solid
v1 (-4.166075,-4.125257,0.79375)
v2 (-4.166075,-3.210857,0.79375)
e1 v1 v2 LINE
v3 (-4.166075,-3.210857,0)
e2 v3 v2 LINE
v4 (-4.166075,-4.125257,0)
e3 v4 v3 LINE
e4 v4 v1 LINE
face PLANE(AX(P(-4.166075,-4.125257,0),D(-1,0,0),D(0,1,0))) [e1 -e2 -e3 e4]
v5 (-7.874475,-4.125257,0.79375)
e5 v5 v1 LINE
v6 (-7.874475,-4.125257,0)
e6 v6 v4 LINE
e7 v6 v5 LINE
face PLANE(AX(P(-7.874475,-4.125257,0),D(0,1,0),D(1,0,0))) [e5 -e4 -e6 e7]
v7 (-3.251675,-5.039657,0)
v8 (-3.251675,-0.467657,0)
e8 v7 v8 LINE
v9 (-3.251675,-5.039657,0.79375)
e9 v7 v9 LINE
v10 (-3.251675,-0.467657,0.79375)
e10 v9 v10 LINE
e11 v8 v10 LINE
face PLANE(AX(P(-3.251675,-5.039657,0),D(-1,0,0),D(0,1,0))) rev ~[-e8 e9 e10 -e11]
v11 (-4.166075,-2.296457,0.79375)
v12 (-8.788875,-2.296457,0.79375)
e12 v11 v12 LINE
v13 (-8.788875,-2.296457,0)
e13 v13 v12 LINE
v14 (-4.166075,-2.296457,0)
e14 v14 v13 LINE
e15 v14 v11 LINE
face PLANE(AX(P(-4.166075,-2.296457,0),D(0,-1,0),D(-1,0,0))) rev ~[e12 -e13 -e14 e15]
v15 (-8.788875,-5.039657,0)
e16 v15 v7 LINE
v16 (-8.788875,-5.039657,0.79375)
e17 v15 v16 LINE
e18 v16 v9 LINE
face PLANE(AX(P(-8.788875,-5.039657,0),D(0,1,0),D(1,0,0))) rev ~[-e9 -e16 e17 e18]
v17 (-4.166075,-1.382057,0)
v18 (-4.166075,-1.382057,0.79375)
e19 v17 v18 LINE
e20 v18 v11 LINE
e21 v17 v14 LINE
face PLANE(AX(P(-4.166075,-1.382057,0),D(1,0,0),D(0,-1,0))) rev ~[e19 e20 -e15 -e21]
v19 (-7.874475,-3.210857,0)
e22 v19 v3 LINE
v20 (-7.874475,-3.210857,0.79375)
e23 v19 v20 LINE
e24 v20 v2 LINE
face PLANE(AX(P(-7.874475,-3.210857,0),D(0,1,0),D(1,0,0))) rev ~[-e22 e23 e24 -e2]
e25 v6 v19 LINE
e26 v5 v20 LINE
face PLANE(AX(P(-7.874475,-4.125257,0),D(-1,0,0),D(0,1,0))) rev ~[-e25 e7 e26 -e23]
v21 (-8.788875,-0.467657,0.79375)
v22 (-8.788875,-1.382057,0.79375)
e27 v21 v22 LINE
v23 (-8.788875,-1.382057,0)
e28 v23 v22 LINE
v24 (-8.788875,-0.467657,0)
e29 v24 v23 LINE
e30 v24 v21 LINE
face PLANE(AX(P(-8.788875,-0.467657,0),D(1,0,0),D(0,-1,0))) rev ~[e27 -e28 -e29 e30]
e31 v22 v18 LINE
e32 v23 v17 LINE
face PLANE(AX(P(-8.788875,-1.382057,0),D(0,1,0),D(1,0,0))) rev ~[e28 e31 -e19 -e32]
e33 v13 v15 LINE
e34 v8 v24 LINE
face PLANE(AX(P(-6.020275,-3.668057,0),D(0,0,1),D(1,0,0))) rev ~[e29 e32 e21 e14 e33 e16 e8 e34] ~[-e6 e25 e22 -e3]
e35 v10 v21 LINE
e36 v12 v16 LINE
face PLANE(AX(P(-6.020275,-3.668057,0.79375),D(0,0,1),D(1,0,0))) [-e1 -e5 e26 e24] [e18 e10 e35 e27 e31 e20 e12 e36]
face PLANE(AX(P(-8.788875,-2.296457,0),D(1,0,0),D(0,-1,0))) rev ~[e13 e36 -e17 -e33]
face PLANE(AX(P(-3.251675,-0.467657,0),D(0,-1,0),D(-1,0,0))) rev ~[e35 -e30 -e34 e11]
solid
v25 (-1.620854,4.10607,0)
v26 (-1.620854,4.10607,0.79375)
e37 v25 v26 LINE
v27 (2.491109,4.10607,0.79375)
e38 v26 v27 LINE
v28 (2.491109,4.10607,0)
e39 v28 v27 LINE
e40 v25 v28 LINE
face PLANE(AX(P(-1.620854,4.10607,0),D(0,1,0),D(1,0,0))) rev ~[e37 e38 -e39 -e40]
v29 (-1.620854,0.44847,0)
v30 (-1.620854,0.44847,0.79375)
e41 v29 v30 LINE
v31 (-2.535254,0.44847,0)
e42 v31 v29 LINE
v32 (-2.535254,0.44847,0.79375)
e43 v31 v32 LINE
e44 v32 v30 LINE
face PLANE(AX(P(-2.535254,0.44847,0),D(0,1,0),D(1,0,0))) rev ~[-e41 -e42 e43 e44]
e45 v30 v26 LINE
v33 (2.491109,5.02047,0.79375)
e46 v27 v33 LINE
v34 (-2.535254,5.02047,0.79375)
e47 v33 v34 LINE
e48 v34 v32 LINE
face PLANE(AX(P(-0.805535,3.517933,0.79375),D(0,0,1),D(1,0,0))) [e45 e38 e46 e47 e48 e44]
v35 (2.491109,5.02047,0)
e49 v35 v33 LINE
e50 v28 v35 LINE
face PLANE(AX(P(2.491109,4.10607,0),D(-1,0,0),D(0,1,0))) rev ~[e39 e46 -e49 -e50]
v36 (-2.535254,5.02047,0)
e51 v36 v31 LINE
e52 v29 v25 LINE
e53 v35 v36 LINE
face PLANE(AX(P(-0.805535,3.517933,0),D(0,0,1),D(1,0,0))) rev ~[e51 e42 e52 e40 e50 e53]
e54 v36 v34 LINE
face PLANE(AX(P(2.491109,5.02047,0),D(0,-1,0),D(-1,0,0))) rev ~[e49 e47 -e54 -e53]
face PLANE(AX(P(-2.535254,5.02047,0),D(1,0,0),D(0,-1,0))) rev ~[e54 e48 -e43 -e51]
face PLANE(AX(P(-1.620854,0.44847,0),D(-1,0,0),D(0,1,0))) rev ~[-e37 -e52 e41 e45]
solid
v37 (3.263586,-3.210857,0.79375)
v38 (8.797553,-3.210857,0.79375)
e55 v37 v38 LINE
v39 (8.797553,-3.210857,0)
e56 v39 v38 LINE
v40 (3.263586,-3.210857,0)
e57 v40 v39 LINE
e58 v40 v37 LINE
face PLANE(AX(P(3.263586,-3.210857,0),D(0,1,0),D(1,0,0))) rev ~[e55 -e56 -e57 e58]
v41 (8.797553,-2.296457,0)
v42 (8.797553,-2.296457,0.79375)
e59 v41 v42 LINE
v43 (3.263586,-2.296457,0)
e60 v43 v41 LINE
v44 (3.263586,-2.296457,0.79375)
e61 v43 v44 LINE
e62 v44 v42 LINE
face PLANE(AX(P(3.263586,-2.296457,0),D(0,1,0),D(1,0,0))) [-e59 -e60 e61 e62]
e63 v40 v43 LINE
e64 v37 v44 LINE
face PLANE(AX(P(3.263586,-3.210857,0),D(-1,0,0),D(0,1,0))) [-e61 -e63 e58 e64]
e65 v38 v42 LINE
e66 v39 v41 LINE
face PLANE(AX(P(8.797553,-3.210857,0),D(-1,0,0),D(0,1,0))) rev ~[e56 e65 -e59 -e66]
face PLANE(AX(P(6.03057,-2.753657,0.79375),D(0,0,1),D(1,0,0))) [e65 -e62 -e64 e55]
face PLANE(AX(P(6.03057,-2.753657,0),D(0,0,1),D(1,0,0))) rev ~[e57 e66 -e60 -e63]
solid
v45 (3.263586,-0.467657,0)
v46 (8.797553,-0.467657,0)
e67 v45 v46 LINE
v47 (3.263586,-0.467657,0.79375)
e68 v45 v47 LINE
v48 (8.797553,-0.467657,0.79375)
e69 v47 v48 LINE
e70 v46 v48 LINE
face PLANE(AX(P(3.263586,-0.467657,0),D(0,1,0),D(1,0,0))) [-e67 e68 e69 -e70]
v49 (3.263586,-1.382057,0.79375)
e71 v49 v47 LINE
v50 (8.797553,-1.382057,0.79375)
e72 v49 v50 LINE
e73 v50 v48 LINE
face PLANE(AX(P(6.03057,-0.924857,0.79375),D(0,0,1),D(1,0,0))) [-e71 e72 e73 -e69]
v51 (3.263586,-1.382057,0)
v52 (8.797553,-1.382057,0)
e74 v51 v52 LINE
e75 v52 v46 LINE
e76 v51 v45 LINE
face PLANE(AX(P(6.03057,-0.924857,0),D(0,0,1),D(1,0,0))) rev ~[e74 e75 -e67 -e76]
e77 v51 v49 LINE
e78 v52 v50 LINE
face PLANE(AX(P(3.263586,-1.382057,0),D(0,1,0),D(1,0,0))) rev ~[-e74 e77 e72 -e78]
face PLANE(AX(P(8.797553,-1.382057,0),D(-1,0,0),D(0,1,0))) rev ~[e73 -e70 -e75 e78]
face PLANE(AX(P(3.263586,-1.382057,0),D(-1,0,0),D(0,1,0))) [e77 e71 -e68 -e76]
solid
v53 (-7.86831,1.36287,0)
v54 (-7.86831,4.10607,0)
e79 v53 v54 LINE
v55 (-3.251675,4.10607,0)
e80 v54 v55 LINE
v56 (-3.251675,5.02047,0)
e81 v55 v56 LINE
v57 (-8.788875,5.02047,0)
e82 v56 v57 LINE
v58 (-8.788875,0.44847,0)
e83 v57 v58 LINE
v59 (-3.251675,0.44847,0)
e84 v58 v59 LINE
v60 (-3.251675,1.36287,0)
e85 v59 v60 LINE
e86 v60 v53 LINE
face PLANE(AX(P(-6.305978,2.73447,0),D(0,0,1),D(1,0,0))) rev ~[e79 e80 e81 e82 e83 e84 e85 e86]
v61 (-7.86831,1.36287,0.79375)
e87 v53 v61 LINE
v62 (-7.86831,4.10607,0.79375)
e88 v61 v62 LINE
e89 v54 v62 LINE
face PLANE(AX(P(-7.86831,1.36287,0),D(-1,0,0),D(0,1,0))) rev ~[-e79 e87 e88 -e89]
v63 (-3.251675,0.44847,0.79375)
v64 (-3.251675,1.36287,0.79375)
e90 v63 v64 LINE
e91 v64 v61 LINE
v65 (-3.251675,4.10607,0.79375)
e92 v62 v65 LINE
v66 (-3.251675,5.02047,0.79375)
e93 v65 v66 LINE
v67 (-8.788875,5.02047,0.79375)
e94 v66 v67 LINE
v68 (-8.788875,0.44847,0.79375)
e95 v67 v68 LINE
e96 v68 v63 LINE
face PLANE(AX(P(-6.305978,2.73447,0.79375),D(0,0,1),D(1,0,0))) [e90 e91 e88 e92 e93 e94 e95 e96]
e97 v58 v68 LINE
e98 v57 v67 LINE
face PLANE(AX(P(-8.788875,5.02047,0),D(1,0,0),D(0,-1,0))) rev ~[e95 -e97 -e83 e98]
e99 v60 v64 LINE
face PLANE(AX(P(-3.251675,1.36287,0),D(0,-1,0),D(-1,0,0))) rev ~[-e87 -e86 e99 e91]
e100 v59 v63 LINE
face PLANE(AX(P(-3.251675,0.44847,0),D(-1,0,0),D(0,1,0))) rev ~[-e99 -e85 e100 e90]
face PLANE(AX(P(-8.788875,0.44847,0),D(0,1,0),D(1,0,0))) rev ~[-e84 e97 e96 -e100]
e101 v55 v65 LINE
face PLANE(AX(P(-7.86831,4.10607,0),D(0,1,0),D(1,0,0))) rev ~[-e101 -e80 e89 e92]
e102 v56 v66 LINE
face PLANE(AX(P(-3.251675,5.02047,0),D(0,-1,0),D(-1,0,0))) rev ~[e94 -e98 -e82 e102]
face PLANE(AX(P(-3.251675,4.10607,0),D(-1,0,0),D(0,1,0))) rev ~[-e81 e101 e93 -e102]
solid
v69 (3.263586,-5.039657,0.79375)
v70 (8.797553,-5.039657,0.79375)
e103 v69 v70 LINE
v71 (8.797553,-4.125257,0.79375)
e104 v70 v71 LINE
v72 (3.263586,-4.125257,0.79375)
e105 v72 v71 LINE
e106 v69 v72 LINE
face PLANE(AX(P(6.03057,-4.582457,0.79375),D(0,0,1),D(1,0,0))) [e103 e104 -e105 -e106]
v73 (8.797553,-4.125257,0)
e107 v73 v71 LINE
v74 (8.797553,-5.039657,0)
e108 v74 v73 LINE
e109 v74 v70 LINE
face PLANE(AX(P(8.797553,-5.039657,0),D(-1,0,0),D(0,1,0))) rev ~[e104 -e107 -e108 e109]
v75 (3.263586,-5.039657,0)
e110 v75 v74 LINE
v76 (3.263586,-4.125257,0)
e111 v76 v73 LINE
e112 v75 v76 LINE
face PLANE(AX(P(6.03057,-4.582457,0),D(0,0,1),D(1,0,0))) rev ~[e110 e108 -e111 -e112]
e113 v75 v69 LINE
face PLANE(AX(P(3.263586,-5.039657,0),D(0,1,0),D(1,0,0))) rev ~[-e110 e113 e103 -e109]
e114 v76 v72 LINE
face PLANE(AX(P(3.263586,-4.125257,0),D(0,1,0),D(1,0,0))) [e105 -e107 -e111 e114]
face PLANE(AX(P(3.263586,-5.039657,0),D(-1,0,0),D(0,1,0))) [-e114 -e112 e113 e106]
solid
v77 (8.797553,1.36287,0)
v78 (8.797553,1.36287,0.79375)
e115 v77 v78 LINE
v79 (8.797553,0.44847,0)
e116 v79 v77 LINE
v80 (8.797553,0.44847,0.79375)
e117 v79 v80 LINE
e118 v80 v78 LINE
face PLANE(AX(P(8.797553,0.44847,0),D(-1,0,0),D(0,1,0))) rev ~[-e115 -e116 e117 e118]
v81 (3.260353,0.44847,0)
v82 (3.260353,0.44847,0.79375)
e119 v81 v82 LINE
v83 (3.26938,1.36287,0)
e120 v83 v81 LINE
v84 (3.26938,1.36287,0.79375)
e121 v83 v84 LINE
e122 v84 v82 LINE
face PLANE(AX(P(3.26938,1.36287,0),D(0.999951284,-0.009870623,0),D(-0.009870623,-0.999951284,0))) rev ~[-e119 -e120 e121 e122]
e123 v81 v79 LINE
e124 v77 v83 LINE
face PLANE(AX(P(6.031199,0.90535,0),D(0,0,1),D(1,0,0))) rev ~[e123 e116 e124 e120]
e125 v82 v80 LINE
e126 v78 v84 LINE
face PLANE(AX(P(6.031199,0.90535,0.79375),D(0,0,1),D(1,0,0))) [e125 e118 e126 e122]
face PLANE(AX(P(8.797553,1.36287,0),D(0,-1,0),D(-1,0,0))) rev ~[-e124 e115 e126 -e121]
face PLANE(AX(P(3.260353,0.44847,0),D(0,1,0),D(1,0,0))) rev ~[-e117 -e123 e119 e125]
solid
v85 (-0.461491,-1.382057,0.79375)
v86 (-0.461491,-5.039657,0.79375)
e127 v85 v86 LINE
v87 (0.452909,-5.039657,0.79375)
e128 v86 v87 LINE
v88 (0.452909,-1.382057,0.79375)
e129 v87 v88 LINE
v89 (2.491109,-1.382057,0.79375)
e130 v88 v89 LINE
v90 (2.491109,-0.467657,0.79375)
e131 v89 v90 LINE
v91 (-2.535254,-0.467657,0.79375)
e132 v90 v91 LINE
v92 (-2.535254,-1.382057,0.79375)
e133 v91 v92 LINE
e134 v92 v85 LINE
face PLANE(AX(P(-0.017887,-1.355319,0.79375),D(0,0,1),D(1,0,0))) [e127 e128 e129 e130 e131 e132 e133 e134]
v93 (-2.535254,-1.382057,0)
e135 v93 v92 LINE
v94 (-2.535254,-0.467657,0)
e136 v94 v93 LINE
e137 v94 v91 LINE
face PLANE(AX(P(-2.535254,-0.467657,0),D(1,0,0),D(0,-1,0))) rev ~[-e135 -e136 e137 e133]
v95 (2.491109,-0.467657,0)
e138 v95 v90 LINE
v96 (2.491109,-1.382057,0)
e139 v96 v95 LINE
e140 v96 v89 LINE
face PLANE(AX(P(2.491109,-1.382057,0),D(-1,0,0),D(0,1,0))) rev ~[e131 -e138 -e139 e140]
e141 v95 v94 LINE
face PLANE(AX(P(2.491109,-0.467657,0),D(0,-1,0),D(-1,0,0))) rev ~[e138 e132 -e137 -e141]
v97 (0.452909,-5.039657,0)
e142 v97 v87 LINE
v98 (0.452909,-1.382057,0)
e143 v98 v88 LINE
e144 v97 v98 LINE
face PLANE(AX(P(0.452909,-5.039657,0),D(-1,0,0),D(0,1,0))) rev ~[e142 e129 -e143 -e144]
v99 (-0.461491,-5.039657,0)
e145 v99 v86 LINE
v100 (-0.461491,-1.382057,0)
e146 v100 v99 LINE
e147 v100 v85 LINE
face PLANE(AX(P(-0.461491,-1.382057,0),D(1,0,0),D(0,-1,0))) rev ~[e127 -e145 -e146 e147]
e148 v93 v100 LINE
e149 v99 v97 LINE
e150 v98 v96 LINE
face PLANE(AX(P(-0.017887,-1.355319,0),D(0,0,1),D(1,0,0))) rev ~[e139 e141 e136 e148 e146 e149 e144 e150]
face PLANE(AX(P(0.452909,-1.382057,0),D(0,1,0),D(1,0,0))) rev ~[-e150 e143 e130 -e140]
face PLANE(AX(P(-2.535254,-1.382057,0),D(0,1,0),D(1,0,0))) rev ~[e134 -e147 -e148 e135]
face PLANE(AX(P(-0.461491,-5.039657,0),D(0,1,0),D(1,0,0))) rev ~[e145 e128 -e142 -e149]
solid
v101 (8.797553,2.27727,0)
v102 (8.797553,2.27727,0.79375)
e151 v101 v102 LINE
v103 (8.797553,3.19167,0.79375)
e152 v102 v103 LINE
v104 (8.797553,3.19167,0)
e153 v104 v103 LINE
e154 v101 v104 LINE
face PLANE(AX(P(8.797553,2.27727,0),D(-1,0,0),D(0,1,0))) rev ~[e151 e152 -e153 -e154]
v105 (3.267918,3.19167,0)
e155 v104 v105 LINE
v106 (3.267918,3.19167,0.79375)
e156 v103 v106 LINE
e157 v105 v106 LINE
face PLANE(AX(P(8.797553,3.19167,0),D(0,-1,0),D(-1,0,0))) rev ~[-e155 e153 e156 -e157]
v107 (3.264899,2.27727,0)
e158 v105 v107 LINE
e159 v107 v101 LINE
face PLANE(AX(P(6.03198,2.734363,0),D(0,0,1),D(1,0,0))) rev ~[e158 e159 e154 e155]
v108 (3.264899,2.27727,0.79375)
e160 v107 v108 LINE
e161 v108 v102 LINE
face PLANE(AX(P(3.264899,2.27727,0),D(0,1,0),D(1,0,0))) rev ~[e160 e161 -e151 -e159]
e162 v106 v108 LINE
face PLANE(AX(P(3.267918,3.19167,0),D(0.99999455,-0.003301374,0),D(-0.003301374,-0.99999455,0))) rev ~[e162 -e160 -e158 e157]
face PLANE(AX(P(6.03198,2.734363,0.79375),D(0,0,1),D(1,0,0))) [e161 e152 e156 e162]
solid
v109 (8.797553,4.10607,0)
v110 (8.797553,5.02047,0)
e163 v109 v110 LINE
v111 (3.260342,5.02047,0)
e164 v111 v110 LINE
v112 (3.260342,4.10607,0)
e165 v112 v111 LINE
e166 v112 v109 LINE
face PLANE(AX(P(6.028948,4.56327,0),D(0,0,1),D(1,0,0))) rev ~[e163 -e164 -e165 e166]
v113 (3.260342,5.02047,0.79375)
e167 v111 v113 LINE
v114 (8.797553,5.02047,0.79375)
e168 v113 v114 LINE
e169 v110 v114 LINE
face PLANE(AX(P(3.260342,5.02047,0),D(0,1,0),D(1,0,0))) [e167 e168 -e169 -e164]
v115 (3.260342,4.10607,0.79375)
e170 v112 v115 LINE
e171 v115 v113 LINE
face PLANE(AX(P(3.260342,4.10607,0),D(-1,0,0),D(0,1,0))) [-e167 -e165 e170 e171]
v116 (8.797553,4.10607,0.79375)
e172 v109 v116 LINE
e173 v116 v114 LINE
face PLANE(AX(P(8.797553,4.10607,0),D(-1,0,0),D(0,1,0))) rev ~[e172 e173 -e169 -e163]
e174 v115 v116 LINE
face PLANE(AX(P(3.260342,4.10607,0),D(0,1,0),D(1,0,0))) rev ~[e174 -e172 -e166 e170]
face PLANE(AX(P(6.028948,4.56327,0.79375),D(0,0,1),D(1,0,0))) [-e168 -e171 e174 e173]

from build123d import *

# Parameters (mm, degrees)
F1_DEPTH = 0.79375
F0_W     = 5.5372115393
F0_H     = 0.9144
F0_W_2   = 5.5339674
F0_W_3   = 3.7084


with BuildPart() as f1:
    # F0 (on Top) → F1 (new body)
    with BuildSketch(Plane.XY):
        Polygon((-3.2516753042, 5.020469915), (-8.7888753042, 5.020469915), (-8.7888753042, 0.448469915), (-3.2516753042, 0.448469915), (-3.2516753042, 1.362869915), (-7.8683095053, 1.362869915), (-7.8683095053, 4.106069915), (-3.2516753042, 4.106069915), align=None)
    extrude(amount=F1_DEPTH)


with BuildPart() as f1b:
    # F0 (on Top) → F1, piece 2 (new body)
    with BuildSketch(Plane.XY):
        Polygon((2.491109306, 5.020469915), (-2.5352544617, 5.020469915), (-2.5352544617, 0.448469915), (-1.6208544617, 0.448469915), (-1.6208544617, 4.106069915), (2.491109306, 4.106069915), align=None)
    extrude(amount=F1_DEPTH)


with BuildPart() as f1c:
    # F0 (on Top) → F1, piece 3 (new body)
    with BuildSketch(Plane.XY):
        with Locations((6.0289475982, 4.563269915)):
            Rectangle(F0_W, F0_H)
    extrude(amount=F1_DEPTH)


with BuildPart() as f1d:
    # F0 (on Top) → F1, piece 4 (new body)
    with BuildSketch(Plane.XY):
        Polygon((8.7975533679, 2.277269915), (8.7975533679, 3.191669915), (3.2679176269, 3.191669915), (3.2648988339, 2.277269915), align=None)
    extrude(amount=F1_DEPTH)


with BuildPart() as f1e:
    # F0 (on Top) → F1, piece 5 (new body)
    with BuildSketch(Plane.XY):
        Polygon((3.2603533679, 0.448469915), (8.7975533679, 0.448469915), (8.7975533679, 1.362869915), (3.2693795056, 1.362869915), align=None)
    extrude(amount=F1_DEPTH)


with BuildPart() as f1f:
    # F0 (on Top) → F1, piece 6 (new body)
    with BuildSketch(Plane.XY):
        with Locations((6.0305696679, -0.9248565126)):
            Rectangle(F0_W_2, F0_H)
    extrude(amount=F1_DEPTH)


with BuildPart() as f1g:
    # F0 (on Top) → F1, piece 7 (new body)
    with BuildSketch(Plane.XY):
        with Locations((6.0305696679, -2.7536565126)):
            Rectangle(F0_W_2, F0_H)
    extrude(amount=F1_DEPTH)


with BuildPart() as f1h:
    # F0 (on Top) → F1, piece 8 (new body)
    with BuildSketch(Plane.XY):
        with Locations((6.0305696679, -4.5824565126)):
            Rectangle(F0_W_2, F0_H)
    extrude(amount=F1_DEPTH)


with BuildPart() as f1i:
    # F0 (on Top) → F1, piece 9 (new body)
    with BuildSketch(Plane.XY):
        Polygon((2.491109306, -0.4676565126), (-2.5352544617, -0.4676565126), (-2.5352544617, -1.3820565126), (-0.4614913196, -1.3820565126), (-0.4614913196, -2.2964565126), (-0.4614913196, -3.2108565126), (0.4529086804, -3.2108565126), (0.4529086804, -2.2964565126), (0.4529086804, -1.3820565126), (2.491109306, -1.3820565126), align=None)
        Polygon((-0.4614913196, -4.1252565126), (-0.4614913196, -5.0396565126), (0.4529086804, -5.0396565126), (0.4529086804, -4.1252565126), (0.4529086804, -3.2108565126), (-0.4614913196, -3.2108565126), align=None)
    extrude(amount=F1_DEPTH)


with BuildPart() as f1j:
    # F0 (on Top) → F1, piece 10 (new body)
    with BuildSketch(Plane.XY):
        Polygon((-4.1660753042, -2.2964565126), (-8.7888753042, -2.2964565126), (-8.7888753042, -5.0396565126), (-3.2516753042, -5.0396565126), (-3.2516753042, -4.1252565126), (-3.2516753042, -3.2108565126), (-3.2516753042, -2.2964565126), align=None)
        with Locations((-6.0202753042, -3.6680565126)):
            Rectangle(F0_W_3, F0_H, mode=Mode.SUBTRACT)
        Polygon((-3.2516753042, -0.4676565126), (-8.7888753042, -0.4676565126), (-8.7888753042, -1.3820565126), (-4.1660753042, -1.3820565126), (-4.1660753042, -2.2964565126), (-3.2516753042, -2.2964565126), (-3.2516753042, -1.3820565126), align=None)
    extrude(amount=F1_DEPTH)


solid = Compound([f1.part, f1b.part, f1c.part, f1d.part, f1e.part, f1f.part, f1g.part, f1h.part, f1i.part, f1j.part])
